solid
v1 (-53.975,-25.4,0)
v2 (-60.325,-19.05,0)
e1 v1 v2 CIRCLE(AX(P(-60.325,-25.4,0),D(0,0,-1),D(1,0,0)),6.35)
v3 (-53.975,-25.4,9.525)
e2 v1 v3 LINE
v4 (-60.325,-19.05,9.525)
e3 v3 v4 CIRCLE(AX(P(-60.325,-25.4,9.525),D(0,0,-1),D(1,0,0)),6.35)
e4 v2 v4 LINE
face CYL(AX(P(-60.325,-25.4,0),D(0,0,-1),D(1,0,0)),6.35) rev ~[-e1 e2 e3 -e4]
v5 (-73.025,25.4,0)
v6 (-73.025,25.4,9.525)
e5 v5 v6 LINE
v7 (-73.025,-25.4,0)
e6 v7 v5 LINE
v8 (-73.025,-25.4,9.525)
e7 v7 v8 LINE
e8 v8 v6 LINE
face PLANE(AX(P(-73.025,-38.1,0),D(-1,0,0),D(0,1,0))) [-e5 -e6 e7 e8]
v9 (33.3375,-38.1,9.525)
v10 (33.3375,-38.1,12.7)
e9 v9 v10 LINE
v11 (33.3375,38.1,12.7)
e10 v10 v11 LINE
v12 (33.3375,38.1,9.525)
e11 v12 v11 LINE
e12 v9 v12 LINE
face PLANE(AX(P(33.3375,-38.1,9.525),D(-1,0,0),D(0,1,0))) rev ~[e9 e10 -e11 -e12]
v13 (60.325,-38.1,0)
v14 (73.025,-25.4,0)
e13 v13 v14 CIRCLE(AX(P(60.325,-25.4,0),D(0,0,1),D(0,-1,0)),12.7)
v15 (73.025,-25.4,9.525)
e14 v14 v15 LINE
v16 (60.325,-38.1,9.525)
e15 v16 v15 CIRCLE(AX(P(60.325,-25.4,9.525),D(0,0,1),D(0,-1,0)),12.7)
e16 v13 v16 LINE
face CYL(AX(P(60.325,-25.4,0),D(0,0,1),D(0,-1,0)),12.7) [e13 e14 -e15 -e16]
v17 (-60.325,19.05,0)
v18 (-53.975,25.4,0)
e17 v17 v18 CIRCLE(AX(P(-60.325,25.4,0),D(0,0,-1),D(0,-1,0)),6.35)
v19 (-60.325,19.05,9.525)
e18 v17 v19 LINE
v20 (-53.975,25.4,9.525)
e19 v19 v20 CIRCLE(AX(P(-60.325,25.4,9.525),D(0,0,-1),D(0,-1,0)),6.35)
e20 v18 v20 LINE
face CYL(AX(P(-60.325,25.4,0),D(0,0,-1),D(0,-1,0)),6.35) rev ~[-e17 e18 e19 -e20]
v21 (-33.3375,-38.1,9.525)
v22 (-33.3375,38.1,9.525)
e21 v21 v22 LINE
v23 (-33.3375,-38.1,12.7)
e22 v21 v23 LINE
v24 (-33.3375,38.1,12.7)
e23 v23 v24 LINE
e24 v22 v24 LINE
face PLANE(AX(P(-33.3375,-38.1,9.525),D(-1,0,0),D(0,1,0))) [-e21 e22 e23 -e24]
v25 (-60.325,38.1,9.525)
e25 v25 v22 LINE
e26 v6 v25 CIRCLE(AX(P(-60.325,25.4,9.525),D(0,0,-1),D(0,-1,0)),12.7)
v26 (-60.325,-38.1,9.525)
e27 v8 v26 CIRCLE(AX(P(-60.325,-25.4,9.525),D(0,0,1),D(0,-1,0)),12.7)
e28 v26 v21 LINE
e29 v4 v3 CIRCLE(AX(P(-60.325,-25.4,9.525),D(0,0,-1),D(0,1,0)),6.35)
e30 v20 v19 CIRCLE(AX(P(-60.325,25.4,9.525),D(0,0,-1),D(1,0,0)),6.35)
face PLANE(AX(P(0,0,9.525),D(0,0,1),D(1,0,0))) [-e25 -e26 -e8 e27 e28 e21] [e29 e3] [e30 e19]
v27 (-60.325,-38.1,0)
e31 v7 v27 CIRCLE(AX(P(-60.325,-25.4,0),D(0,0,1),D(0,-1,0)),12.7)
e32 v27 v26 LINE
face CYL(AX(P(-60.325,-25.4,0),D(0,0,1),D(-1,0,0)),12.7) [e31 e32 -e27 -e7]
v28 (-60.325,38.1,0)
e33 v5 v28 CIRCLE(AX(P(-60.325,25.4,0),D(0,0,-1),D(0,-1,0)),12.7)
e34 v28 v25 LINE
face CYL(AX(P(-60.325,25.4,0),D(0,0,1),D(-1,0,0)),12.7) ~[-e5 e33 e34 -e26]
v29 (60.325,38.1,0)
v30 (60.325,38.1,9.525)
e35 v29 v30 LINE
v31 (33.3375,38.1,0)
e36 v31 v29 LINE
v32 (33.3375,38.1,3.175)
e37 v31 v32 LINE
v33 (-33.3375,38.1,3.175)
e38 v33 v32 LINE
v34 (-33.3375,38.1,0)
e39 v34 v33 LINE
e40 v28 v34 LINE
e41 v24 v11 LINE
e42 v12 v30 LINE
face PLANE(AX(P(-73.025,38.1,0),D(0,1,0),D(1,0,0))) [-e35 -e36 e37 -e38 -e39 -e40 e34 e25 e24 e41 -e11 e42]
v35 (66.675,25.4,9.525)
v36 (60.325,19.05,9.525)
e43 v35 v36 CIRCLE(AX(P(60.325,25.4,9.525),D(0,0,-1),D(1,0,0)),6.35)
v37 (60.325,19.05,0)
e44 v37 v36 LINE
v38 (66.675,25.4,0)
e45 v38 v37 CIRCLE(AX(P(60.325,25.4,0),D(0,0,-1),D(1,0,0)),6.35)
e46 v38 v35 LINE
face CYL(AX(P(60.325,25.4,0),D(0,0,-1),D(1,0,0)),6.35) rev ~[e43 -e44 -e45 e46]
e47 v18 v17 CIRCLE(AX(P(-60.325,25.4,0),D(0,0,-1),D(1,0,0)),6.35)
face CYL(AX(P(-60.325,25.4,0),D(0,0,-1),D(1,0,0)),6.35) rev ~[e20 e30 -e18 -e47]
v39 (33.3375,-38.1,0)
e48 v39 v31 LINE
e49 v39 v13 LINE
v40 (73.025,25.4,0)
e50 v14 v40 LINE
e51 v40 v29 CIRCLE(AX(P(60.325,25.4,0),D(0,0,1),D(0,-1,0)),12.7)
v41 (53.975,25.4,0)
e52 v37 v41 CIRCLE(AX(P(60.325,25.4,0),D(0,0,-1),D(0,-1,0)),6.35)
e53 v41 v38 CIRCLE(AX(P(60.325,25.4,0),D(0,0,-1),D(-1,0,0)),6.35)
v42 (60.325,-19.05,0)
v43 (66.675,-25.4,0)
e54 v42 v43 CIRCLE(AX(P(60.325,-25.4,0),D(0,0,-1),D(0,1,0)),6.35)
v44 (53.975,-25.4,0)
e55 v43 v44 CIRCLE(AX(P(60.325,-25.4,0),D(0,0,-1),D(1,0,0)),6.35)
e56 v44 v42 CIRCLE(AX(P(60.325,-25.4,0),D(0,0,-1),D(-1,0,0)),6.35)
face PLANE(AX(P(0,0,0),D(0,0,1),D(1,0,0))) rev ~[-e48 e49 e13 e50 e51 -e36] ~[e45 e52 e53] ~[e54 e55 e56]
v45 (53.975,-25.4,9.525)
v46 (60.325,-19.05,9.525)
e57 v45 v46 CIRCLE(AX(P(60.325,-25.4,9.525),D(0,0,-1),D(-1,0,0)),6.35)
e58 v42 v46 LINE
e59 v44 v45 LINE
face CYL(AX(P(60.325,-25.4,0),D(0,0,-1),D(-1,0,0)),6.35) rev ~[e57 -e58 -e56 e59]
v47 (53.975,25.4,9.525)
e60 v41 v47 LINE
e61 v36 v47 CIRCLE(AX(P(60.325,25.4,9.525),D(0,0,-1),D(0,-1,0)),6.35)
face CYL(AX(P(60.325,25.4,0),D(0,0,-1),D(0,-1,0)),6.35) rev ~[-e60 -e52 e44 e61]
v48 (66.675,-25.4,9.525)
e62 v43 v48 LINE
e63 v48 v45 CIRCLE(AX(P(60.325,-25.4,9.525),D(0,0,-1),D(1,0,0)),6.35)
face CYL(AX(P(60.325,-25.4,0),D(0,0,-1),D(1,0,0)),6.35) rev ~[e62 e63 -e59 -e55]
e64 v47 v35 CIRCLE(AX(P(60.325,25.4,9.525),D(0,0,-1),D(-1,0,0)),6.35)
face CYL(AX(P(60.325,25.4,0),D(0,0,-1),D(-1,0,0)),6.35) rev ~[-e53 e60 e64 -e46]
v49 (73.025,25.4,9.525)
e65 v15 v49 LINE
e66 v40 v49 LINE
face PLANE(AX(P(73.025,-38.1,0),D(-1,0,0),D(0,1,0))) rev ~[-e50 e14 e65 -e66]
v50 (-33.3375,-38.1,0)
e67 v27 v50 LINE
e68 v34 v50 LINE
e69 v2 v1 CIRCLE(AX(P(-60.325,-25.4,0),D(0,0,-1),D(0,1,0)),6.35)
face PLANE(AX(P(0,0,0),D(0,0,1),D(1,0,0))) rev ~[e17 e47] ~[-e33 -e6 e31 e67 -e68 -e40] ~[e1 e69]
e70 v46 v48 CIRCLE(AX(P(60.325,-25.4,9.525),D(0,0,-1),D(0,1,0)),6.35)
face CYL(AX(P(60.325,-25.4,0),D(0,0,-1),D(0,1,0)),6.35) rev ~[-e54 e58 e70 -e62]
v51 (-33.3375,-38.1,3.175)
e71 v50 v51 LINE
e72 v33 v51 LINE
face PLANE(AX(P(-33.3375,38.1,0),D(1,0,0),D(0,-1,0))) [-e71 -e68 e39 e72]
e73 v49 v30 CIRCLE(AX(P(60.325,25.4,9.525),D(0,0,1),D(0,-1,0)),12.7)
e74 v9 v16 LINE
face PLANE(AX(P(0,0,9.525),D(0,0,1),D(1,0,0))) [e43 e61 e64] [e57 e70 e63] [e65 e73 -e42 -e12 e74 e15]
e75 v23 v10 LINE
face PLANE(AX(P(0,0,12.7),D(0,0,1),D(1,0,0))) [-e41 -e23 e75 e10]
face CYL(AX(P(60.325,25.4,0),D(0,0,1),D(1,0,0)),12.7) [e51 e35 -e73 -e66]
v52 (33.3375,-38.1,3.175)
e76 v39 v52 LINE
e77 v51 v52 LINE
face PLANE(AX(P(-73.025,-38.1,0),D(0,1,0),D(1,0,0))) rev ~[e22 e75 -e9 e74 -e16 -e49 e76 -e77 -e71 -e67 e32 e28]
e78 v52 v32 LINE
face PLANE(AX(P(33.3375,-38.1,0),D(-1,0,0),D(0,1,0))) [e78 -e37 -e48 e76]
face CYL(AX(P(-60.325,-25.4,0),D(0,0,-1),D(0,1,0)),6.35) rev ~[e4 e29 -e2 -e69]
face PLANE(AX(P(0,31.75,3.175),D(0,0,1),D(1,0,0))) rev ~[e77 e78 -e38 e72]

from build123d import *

# Parameters (mm, degrees)
F0_W     = 146.05
F0_H     = 76.2
F1_DEPTH = 9.525
F2_R     = 12.7
F3_W     = 66.675
F3_H     = 76.2
F4_DEPTH = 3.175
F5_W     = 66.675
F5_H     = 12.7
F5_H_2   = 50.8
F6_DEPTH = 3.175


with BuildPart() as f1:
    # F0 (on Top) → F1 (new body)
    with BuildSketch(Plane.XY):
        Rectangle(F0_W, F0_H)
        with BuildLine():
            ThreePointArc((-60.325, 19.05), (-64.8151280605, 29.8901280605), (-53.975, 25.4))
            Line((-53.975, 25.4), (53.975, 25.4))
            ThreePointArc((53.975, 25.4), (60.325, 31.75), (66.675, 25.4))
            ThreePointArc((66.675, 25.4), (64.8151280605, 20.9098719395), (60.325, 19.05))
            Line((60.325, 19.05), (60.325, -19.05))
            ThreePointArc((60.325, -19.05), (64.8151280605, -20.9098719395), (66.675, -25.4))
            ThreePointArc((66.675, -25.4), (60.325, -31.75), (53.975, -25.4))
            Line((53.975, -25.4), (-53.975, -25.4))
            ThreePointArc((-53.975, -25.4), (-64.8151280605, -29.8901280605), (-60.325, -19.05))
            Line((-60.325, -19.05), (-60.325, 19.05))
        make_face(mode=Mode.SUBTRACT)
        with BuildLine():
            Line((53.975, 25.4), (-53.975, 25.4))
            ThreePointArc((-53.975, 25.4), (-55.8348719395, 20.9098719395), (-60.325, 19.05))
            Line((-60.325, 19.05), (-60.325, -19.05))
            ThreePointArc((-60.325, -19.05), (-55.8348719395, -20.9098719395), (-53.975, -25.4))
            Line((-53.975, -25.4), (53.975, -25.4))
            ThreePointArc((53.975, -25.4), (55.8348719395, -20.9098719395), (60.325, -19.05))
            Line((60.325, -19.05), (60.325, 19.05))
            ThreePointArc((60.325, 19.05), (55.8348719395, 20.9098719395), (53.975, 25.4))
        make_face()
    extrude(amount=F1_DEPTH)

    # F2
    f2_edges = [f1.edges().sort_by_distance(p)[0] for p in [
        (-73.025, -38.1, 4.7625),
        (-73.025, 38.1, 4.7625),
        (73.025, 38.1, 4.7625),
        (73.025, -38.1, 4.7625),
    ]]
    fillet(f2_edges, radius=F2_R)

    # F3 (on face) → F4 (join)
    with BuildSketch(Plane.XY.offset(9.525)):
        Rectangle(F3_W, F3_H)
    extrude(amount=F4_DEPTH)

    # F5 (on face) → F6 (cut)
    with BuildSketch(Plane.XY):
        with Locations((0, 31.75)):
            Rectangle(F5_W, F5_H)
        Rectangle(F5_W, F5_H_2)
        with Locations((0, -31.75)):
            Rectangle(F5_W, F5_H)
    extrude(amount=F6_DEPTH, mode=Mode.SUBTRACT)


solid = f1.part
